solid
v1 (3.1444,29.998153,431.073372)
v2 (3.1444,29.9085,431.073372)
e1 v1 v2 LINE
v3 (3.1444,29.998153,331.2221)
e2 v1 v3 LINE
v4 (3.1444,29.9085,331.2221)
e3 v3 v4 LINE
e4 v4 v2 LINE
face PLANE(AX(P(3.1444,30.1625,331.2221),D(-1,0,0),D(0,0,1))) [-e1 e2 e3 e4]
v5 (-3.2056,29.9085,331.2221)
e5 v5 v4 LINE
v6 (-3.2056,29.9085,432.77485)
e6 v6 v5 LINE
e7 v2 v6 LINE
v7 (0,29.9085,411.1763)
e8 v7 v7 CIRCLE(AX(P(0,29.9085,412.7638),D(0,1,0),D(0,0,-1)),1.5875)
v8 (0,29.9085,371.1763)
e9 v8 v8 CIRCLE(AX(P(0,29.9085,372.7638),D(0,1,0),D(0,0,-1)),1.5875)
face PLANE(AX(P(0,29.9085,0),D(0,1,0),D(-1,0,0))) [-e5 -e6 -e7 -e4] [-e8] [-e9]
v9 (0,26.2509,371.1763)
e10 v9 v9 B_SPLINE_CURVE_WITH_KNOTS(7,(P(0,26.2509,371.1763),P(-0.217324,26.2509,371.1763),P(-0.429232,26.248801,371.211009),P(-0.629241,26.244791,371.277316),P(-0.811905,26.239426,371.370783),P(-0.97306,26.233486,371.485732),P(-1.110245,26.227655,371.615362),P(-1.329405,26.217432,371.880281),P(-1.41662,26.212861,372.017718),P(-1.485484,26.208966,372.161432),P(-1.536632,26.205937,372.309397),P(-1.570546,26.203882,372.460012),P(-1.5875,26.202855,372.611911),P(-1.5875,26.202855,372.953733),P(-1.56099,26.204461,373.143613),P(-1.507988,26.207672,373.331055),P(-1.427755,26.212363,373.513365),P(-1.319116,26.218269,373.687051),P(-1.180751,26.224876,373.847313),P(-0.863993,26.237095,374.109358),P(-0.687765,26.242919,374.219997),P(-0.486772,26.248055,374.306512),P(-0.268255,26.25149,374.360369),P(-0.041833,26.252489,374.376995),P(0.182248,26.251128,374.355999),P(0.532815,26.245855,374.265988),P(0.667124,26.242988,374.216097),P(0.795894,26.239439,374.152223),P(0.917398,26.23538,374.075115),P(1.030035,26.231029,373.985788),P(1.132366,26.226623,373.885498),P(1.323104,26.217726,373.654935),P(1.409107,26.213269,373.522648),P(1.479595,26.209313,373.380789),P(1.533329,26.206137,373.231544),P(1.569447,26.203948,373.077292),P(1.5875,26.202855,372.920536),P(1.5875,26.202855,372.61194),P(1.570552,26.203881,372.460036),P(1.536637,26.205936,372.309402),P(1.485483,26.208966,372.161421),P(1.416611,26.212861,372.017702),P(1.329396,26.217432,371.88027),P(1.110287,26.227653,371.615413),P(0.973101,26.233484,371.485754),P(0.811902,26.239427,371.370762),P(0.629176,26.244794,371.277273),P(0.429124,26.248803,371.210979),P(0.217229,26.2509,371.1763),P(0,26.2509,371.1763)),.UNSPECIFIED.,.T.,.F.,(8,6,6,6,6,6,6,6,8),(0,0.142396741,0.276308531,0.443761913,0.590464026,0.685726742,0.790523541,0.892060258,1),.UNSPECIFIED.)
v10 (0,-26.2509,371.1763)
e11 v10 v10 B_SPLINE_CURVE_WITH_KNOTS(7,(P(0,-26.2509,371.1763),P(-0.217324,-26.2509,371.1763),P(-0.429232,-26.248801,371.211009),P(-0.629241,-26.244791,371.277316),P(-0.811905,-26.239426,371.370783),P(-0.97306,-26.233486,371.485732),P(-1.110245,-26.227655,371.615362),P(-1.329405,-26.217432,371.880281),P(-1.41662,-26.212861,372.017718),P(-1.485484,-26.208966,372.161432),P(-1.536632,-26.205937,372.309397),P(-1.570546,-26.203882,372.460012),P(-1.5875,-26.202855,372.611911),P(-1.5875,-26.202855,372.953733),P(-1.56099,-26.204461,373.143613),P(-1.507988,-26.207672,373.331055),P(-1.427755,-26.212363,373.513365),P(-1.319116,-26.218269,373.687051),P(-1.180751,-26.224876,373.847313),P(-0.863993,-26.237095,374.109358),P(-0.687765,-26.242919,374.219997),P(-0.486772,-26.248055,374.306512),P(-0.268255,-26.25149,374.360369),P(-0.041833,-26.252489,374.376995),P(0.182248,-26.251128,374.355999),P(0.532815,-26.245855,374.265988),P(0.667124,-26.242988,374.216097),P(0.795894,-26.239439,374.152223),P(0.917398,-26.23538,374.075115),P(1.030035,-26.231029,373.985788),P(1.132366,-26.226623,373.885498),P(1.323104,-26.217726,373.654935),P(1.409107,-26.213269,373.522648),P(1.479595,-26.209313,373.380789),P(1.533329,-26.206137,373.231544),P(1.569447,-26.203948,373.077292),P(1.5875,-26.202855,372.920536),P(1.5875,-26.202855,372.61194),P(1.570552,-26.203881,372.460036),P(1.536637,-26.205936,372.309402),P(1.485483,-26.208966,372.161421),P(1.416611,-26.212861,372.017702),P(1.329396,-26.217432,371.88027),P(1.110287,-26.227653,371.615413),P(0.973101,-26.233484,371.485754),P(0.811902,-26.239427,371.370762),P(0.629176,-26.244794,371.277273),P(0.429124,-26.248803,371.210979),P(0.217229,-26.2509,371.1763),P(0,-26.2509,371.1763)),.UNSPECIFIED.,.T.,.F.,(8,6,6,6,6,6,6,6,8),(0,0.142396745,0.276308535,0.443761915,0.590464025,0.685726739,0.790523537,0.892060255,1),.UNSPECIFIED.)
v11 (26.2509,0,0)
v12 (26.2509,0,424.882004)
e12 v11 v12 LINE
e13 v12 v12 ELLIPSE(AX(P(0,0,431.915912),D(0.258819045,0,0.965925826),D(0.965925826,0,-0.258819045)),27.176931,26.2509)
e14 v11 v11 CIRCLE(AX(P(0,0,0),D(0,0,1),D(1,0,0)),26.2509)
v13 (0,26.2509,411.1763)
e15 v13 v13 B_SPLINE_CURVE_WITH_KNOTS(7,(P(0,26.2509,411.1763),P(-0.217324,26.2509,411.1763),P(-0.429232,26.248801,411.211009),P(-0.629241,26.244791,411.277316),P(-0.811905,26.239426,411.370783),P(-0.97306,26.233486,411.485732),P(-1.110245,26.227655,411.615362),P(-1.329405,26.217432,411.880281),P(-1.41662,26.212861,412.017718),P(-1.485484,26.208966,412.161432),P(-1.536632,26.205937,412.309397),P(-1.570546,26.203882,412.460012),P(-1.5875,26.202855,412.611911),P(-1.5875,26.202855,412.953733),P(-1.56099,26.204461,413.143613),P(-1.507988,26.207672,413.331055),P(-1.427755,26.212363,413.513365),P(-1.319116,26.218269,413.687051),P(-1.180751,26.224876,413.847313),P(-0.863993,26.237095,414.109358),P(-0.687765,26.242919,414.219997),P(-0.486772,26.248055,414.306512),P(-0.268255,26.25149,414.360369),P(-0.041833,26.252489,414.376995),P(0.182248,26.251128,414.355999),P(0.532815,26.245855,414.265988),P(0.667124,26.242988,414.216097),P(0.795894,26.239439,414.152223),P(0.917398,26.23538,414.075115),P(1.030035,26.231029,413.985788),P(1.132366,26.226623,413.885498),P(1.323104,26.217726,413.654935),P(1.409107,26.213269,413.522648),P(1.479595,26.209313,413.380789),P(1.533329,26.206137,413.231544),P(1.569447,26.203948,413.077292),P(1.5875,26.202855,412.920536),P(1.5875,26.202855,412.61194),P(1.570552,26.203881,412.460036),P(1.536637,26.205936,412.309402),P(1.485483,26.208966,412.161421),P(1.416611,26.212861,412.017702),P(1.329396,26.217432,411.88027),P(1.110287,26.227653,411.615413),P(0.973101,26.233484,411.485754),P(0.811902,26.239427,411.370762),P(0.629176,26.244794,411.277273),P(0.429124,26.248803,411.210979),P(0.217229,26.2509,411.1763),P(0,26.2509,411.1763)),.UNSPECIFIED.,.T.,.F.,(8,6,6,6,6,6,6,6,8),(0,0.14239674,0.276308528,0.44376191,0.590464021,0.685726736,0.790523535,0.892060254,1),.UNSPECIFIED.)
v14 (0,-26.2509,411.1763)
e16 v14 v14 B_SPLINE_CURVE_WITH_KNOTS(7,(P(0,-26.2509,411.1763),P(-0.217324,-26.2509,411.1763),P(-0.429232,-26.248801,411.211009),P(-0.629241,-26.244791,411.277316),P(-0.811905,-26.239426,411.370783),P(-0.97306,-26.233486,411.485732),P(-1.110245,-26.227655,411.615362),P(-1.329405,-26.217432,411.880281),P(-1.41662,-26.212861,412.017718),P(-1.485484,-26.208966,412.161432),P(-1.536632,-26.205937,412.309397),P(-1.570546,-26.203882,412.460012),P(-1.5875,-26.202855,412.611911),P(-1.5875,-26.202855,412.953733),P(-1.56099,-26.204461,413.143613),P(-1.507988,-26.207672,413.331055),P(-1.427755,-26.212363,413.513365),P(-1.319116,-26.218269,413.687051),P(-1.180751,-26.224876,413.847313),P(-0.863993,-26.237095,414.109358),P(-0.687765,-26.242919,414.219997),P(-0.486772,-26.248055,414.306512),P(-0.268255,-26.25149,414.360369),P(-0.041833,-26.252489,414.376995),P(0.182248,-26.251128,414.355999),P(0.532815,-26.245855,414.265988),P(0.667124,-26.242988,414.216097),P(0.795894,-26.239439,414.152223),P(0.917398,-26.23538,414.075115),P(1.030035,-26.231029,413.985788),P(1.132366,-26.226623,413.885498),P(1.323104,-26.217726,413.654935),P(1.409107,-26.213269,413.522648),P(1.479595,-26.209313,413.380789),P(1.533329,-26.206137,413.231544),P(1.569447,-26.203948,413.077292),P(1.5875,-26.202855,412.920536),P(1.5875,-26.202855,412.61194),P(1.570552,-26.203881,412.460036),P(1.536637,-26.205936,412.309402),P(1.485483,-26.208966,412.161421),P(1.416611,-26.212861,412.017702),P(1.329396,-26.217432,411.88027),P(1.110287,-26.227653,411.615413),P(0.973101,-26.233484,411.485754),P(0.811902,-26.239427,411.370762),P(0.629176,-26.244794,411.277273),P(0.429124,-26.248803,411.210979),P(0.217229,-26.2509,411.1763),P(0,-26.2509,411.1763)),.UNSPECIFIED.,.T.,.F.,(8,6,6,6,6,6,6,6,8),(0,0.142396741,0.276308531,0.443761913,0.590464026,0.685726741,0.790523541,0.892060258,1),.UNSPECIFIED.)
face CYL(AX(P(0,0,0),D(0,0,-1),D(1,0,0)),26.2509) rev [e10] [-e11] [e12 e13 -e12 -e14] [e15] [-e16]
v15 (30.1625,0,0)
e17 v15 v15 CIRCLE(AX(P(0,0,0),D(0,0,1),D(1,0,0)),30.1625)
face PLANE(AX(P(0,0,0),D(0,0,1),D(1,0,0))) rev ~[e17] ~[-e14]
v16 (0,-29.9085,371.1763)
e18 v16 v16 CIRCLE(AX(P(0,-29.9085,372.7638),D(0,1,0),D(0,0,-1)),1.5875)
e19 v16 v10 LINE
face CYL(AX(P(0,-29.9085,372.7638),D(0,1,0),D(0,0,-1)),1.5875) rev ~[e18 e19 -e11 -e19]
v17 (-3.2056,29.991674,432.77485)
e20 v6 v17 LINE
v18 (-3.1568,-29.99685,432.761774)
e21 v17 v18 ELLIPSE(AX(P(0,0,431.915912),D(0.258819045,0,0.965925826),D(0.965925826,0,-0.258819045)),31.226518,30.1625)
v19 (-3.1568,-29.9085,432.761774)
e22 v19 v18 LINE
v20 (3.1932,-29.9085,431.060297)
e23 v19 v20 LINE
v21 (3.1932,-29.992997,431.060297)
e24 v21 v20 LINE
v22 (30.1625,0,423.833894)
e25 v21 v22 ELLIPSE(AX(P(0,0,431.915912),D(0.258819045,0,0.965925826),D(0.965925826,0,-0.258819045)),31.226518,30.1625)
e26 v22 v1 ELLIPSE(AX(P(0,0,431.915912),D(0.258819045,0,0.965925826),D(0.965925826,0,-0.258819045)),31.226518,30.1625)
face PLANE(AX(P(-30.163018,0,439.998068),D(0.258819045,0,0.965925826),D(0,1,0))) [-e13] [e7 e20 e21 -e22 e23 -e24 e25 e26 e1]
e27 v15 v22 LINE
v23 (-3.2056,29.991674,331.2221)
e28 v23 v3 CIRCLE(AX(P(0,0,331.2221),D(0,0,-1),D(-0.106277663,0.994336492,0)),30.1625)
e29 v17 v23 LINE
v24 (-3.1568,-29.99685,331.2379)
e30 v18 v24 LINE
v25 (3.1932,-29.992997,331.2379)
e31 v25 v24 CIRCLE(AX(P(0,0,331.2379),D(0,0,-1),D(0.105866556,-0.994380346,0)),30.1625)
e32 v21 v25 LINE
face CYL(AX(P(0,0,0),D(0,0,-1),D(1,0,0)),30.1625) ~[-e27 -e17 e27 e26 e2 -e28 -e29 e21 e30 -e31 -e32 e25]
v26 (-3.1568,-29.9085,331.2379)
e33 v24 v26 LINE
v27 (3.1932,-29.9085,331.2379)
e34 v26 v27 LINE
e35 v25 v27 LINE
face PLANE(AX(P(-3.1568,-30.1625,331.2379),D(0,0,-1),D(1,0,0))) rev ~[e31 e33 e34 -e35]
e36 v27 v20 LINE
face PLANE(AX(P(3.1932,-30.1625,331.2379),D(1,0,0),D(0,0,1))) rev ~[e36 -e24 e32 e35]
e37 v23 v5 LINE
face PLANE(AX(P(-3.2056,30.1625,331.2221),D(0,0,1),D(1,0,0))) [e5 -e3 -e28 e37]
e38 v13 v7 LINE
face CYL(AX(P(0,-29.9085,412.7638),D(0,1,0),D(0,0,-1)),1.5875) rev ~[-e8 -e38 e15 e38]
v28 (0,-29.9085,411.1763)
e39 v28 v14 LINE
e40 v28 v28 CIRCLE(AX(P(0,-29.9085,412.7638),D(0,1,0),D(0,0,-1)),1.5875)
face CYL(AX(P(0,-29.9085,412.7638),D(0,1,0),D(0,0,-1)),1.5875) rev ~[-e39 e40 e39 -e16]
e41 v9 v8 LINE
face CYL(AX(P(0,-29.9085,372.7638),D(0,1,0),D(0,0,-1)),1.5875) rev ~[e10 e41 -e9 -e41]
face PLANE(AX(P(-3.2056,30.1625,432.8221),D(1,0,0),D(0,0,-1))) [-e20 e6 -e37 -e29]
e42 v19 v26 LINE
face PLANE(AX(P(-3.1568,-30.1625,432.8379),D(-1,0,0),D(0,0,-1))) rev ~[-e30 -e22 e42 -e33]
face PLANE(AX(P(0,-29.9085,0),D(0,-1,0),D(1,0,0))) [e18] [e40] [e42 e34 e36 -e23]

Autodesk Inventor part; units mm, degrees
sketch "Sketch1" plane through (0, 0, 0) normal (0, 0, 1) x (1, 0, 0)
  circle A0 centre (0, 0) radius 30.1625
  circle A1 centre (0, 0) radius 26.2509
  dimension "d0" = 60.325
  dimension "d2" = 3.9116
extrude "Extrusion1" add sketch "Sketch1" along normal blind 440
sketch "Sketch18" plane through (0, 0, 440) normal (0, 0, 1) x (1, 0, 0)
  circle A0 centre (0, 0) radius 26.2509 projected
  circle A1 centre (0, 0) radius 30.1625 projected
  point P0 (-30.1625, 0)
ref_plane "Work Plane9" through (-30.1625, 0, 440) normal (0.2588, 0, 0.9659) x (0, 1, 0)
sketch "Sketch19" plane through (-30.1625, 0, 440) normal (0.2588, 0, 0.9659) x (0, 1, 0)
  line L0 (-31.6137, -94.9476) -> (64.4261, -94.9476)
  line L1 (64.4261, -94.9476) -> (64.4261, 6.6524)
  line L2 (64.4261, 6.6524) -> (-31.6137, 6.6524)
  line L3 (-31.6137, 6.6524) -> (-31.6137, -94.9476)
  point P0 (0, -143.0151)
  dimension "d61" = 101.6
extrude "Extrusion11" cut sketch "Sketch19" along normal blind 25.4
sketch "Sketch20" plane through (0, 0, 0) normal (0, 0, -1) x (-1, 0, 0)
  circle A0 centre (0, 0) radius 26.2509 projected
  circle A1 centre (0, 0) radius 30.1625 projected
  point P0 (0, 30.1625)
  point P1 (0, -30.1625)
ref_plane "Work Plane10" through (0, 30.1625, 0) normal (0, 1, 0) x (-1, 0, 0)
ref_plane "Work Plane11" through (0, -30.1625, 0) normal (0, -1, 0) x (1, 0, 0)
sketch "Sketch21" plane through (0, 30.1625, 0) normal (0, 1, 0) x (-1, 0, 0)
  line L0 (-3.1444, 432.8221) -> (3.2056, 432.8221)
  line L1 (3.2056, 432.8221) -> (3.2056, 331.2221)
  line L2 (3.2056, 331.2221) -> (-3.1444, 331.2221)
  line L3 (-3.1444, 331.2221) -> (-3.1444, 432.8221)
  line L4 (0.0306, 432.8221) -> (0.0306, 331.2221) construction
  point P0 (0, 0)
  dimension "d64" = 6.35
  dimension "d65" = 101.6
extrude "flat1" cut sketch "Sketch21" against normal blind 0.254
sketch "Sketch22" plane through (0, -30.1625, 0) normal (0, -1, 0) x (1, 0, 0)
  line L0 (-3.1568, 331.2379) -> (3.1932, 331.2379)
  line L1 (3.1932, 331.2379) -> (3.1932, 432.8379)
  line L2 (3.1932, 432.8379) -> (-3.1568, 432.8379)
  line L3 (-3.1568, 432.8379) -> (-3.1568, 331.2379)
  line L4 (0.0182, 432.8379) -> (0.0182, 331.2379) construction
  point P0 (0, 0)
  dimension "d68" = 6.35
  dimension "d69" = 101.6
extrude "flat2" cut sketch "Sketch22" against normal blind 0.254
sketch "Sketch23" plane through (0, -29.9085, 0) normal (0, -1, 0) x (1, 0, 0)
  circle A0 centre (0, 412.7638) radius 1.4603
  circle A1 centre (0, 372.7638) radius 1.4603
  point P0 (-3.1568, 432.7638)
  point P1 (0, 0)
  dimension "d73" = 40
  dimension "d74" = 20
hole "Hole1" at (0, -29.9085, 412.7638) at (0, -29.9085, 372.7638) direction (0, 1, 0) diameter 3.175 end through all
properties part number "2r2scs" material "PVC-Piping"
